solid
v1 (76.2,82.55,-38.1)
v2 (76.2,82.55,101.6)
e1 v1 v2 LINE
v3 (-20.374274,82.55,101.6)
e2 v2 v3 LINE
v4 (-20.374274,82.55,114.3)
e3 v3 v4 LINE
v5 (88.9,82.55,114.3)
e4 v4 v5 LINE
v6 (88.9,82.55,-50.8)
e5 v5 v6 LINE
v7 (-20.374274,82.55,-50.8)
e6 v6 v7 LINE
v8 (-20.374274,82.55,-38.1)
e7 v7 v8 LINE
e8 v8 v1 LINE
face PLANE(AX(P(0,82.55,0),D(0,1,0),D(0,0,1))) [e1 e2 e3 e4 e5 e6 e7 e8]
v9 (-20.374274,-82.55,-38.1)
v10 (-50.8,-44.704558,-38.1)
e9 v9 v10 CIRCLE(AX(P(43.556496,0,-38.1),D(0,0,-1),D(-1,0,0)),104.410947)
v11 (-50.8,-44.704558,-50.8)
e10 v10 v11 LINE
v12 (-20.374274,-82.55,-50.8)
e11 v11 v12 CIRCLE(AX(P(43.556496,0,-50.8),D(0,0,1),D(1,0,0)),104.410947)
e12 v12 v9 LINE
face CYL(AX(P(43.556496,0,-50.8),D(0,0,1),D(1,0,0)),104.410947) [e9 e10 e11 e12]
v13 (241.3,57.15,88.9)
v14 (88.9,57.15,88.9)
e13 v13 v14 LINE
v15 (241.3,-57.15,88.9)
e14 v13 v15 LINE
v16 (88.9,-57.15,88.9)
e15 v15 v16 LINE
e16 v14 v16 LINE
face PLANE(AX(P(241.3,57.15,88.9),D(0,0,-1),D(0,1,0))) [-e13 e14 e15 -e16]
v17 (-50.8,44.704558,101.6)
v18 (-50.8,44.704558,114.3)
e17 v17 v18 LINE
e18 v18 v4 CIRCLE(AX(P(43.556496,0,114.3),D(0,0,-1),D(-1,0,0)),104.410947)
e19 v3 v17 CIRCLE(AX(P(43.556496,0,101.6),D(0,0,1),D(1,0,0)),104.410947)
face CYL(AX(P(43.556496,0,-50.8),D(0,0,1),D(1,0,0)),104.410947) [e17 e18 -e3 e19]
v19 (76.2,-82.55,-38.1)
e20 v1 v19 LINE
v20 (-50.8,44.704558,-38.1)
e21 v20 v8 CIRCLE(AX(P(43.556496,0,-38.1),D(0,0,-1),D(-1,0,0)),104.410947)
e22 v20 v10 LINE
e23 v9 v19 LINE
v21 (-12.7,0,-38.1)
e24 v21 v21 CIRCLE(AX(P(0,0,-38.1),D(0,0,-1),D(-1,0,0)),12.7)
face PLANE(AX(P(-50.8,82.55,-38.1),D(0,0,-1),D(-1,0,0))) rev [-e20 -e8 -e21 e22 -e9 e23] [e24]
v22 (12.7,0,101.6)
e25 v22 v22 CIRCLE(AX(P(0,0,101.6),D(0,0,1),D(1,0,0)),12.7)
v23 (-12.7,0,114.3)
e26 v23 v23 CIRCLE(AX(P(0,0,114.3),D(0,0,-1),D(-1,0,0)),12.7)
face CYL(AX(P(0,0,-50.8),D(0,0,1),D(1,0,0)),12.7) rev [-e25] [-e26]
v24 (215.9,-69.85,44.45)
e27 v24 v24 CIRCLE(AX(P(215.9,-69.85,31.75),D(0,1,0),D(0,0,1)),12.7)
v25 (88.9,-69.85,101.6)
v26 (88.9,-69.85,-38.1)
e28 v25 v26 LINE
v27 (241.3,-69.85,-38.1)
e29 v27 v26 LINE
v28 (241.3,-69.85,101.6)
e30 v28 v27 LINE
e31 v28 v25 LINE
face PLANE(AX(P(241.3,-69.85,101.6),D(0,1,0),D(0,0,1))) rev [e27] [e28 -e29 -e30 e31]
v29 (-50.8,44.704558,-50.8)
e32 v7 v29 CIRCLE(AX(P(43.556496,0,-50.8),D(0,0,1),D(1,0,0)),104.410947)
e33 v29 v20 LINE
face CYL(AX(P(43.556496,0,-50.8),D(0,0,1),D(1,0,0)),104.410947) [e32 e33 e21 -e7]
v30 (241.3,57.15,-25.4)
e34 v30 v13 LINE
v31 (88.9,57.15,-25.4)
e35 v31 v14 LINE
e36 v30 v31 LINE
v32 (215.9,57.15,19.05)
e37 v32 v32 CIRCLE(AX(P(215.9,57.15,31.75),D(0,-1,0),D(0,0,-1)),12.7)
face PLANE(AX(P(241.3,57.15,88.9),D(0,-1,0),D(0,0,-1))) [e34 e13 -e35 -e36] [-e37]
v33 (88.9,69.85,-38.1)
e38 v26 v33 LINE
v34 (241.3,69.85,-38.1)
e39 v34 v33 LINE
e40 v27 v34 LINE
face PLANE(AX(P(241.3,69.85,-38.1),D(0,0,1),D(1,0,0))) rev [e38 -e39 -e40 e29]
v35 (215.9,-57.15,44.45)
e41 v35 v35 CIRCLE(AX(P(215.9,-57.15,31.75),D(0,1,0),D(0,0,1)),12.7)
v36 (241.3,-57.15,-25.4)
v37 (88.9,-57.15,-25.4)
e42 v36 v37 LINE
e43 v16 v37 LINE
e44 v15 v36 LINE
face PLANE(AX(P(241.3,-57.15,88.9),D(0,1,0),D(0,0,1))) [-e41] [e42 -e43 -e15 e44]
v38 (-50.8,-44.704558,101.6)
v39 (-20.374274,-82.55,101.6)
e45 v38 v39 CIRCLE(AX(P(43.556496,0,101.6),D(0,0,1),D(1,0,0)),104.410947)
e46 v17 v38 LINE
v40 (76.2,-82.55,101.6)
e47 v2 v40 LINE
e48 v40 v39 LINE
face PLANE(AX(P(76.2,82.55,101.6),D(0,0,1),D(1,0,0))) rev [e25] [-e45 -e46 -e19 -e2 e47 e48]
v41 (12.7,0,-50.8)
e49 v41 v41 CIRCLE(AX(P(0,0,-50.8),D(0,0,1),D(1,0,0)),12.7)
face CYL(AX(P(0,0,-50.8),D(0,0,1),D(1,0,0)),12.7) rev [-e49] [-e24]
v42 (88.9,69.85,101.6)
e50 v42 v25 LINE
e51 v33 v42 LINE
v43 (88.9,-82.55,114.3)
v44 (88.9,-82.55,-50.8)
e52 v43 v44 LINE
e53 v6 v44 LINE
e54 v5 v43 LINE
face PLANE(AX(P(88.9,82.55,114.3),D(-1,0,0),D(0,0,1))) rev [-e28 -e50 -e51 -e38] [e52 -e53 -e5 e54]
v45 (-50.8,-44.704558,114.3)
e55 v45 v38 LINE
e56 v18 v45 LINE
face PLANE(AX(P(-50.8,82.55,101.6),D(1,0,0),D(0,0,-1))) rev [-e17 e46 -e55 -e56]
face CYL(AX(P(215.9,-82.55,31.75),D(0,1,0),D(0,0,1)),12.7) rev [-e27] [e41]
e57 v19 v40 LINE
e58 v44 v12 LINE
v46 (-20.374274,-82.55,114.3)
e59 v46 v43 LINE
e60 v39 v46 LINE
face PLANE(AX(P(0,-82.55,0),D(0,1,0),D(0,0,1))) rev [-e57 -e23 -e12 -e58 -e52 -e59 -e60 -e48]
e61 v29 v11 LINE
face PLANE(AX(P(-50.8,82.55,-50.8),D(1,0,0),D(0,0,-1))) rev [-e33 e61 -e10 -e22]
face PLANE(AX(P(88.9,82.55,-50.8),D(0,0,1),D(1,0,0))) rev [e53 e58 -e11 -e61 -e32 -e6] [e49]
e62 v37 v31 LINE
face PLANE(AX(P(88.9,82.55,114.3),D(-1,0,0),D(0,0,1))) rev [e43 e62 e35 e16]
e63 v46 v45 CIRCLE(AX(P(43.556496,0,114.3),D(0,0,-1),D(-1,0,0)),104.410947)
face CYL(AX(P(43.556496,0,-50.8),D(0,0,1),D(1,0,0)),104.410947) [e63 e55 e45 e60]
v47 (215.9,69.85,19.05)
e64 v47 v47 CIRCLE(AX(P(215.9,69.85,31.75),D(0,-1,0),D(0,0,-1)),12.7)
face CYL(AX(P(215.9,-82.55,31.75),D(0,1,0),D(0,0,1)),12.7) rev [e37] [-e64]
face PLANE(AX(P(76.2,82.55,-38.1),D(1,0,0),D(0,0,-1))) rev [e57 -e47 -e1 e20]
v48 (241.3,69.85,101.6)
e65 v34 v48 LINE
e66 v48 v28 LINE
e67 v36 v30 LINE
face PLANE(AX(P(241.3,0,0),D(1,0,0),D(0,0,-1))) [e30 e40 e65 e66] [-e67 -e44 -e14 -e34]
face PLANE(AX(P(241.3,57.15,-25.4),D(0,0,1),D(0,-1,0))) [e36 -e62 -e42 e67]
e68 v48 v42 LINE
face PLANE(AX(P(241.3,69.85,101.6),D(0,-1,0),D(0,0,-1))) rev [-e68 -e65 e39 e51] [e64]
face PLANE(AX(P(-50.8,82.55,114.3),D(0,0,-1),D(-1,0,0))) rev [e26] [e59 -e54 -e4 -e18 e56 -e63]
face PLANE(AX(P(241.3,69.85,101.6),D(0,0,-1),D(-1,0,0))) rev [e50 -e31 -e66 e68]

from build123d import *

# Parameters (mm, degrees)
BOSS_EXTRUDE1_DEPTH     = 82.55
SKETCH4_W               = 139.7
SKETCH4_H               = 139.7
SKETCH4_W_2             = 114.3
SKETCH4_H_2             = 114.3
BOSS_EXTRUDE2_DEPTH     = 152.4
SKETCH5_R               = 12.7
CUT_EXTRUDE1_DEPTH      = 1
CUT_EXTRUDE1_DEPTH_BACK = 166.1
SKETCH6_R               = 12.7
CUT_EXTRUDE2_DEPTH      = 13.7
CUT_EXTRUDE2_DEPTH_BACK = 153.4
CUT_EXTRUDE4_DEPTH      = 1
CUT_EXTRUDE4_DEPTH_BACK = 166.1
BODY_MOVE_COPY1_ANGLE   = 90
BODY_MOVE_COPY2_ANGLE   = 90


with BuildPart() as part:
    # Sketch2 → Boss-Extrude1 (new body, symmetric)
    with BuildSketch(Plane(origin=(0, 0, 0), x_dir=(1, 0, 0), z_dir=(0, 1, 0))):
        Polygon((-50.8, 38.1), (76.2, 38.1), (76.2, -101.6), (-50.8, -101.6), (-50.8, -114.3), (88.9, -114.3), (88.9, 50.8), (-50.8, 50.8), align=None)
    extrude(amount=BOSS_EXTRUDE1_DEPTH, both=True)

    # Sketch4 → Boss-Extrude2 (add)
    with BuildSketch(Plane(origin=(88.9, 0, 0), x_dir=(0, 0, -1), z_dir=(1, 0, 0))):
        with Locations((-31.75, 0)):
            Rectangle(SKETCH4_W, SKETCH4_H)
        with Locations((-31.75, 0)):
            Rectangle(SKETCH4_W_2, SKETCH4_H_2, mode=Mode.SUBTRACT)
    extrude(amount=BOSS_EXTRUDE2_DEPTH)

    # Sketch5 → Cut-Extrude1 (cut, two sides)
    with BuildSketch(Plane.XY.offset(114.3)) as cut_extrude1_sk:
        Circle(SKETCH5_R)
    extrude(amount=CUT_EXTRUDE1_DEPTH, mode=Mode.SUBTRACT)
    extrude(cut_extrude1_sk.sketch, amount=-CUT_EXTRUDE1_DEPTH_BACK, mode=Mode.SUBTRACT)

    # Sketch6 → Cut-Extrude2 (cut, two sides)
    with BuildSketch(Plane(origin=(0, 69.85, 0), x_dir=(1, 0, 0), z_dir=(0, 1, 0))) as cut_extrude2_sk:
        with Locations((215.9, -31.75)):
            Circle(SKETCH6_R)
    extrude(amount=CUT_EXTRUDE2_DEPTH, mode=Mode.SUBTRACT)
    extrude(cut_extrude2_sk.sketch, amount=-CUT_EXTRUDE2_DEPTH_BACK, mode=Mode.SUBTRACT)

    # Sketch7 → Cut-Extrude4 (cut, two sides)
    with BuildSketch(Plane.XY.offset(114.3)) as cut_extrude4_sk:
        with BuildLine():
            Line((-20.374273833, 82.55), (-68.429055494, 82.55))
            Line((-68.429055494, 82.55), (-68.429055494, -82.55))
            Line((-68.429055494, -82.55), (-20.374273833, -82.55))
            ThreePointArc((-20.374273833, -82.55), (-60.854450977, 0), (-20.374273833, 82.55))
        make_face()
    extrude(amount=CUT_EXTRUDE4_DEPTH, mode=Mode.SUBTRACT)
    extrude(cut_extrude4_sk.sketch, amount=-CUT_EXTRUDE4_DEPTH_BACK, mode=Mode.SUBTRACT)


with BuildPart() as part_1:
    # Body-Move/Copy1: moved
    add(part.part.rotate(Axis((0, 0, 31.75025), (1, 0, 0)), BODY_MOVE_COPY1_ANGLE))


with BuildPart() as part_2:
    # Body-Move/Copy2: moved
    add(part_1.part.rotate(Axis((0, 0, 31.75025), (-1, 0, 0)), BODY_MOVE_COPY2_ANGLE))


solid = part_2.part
